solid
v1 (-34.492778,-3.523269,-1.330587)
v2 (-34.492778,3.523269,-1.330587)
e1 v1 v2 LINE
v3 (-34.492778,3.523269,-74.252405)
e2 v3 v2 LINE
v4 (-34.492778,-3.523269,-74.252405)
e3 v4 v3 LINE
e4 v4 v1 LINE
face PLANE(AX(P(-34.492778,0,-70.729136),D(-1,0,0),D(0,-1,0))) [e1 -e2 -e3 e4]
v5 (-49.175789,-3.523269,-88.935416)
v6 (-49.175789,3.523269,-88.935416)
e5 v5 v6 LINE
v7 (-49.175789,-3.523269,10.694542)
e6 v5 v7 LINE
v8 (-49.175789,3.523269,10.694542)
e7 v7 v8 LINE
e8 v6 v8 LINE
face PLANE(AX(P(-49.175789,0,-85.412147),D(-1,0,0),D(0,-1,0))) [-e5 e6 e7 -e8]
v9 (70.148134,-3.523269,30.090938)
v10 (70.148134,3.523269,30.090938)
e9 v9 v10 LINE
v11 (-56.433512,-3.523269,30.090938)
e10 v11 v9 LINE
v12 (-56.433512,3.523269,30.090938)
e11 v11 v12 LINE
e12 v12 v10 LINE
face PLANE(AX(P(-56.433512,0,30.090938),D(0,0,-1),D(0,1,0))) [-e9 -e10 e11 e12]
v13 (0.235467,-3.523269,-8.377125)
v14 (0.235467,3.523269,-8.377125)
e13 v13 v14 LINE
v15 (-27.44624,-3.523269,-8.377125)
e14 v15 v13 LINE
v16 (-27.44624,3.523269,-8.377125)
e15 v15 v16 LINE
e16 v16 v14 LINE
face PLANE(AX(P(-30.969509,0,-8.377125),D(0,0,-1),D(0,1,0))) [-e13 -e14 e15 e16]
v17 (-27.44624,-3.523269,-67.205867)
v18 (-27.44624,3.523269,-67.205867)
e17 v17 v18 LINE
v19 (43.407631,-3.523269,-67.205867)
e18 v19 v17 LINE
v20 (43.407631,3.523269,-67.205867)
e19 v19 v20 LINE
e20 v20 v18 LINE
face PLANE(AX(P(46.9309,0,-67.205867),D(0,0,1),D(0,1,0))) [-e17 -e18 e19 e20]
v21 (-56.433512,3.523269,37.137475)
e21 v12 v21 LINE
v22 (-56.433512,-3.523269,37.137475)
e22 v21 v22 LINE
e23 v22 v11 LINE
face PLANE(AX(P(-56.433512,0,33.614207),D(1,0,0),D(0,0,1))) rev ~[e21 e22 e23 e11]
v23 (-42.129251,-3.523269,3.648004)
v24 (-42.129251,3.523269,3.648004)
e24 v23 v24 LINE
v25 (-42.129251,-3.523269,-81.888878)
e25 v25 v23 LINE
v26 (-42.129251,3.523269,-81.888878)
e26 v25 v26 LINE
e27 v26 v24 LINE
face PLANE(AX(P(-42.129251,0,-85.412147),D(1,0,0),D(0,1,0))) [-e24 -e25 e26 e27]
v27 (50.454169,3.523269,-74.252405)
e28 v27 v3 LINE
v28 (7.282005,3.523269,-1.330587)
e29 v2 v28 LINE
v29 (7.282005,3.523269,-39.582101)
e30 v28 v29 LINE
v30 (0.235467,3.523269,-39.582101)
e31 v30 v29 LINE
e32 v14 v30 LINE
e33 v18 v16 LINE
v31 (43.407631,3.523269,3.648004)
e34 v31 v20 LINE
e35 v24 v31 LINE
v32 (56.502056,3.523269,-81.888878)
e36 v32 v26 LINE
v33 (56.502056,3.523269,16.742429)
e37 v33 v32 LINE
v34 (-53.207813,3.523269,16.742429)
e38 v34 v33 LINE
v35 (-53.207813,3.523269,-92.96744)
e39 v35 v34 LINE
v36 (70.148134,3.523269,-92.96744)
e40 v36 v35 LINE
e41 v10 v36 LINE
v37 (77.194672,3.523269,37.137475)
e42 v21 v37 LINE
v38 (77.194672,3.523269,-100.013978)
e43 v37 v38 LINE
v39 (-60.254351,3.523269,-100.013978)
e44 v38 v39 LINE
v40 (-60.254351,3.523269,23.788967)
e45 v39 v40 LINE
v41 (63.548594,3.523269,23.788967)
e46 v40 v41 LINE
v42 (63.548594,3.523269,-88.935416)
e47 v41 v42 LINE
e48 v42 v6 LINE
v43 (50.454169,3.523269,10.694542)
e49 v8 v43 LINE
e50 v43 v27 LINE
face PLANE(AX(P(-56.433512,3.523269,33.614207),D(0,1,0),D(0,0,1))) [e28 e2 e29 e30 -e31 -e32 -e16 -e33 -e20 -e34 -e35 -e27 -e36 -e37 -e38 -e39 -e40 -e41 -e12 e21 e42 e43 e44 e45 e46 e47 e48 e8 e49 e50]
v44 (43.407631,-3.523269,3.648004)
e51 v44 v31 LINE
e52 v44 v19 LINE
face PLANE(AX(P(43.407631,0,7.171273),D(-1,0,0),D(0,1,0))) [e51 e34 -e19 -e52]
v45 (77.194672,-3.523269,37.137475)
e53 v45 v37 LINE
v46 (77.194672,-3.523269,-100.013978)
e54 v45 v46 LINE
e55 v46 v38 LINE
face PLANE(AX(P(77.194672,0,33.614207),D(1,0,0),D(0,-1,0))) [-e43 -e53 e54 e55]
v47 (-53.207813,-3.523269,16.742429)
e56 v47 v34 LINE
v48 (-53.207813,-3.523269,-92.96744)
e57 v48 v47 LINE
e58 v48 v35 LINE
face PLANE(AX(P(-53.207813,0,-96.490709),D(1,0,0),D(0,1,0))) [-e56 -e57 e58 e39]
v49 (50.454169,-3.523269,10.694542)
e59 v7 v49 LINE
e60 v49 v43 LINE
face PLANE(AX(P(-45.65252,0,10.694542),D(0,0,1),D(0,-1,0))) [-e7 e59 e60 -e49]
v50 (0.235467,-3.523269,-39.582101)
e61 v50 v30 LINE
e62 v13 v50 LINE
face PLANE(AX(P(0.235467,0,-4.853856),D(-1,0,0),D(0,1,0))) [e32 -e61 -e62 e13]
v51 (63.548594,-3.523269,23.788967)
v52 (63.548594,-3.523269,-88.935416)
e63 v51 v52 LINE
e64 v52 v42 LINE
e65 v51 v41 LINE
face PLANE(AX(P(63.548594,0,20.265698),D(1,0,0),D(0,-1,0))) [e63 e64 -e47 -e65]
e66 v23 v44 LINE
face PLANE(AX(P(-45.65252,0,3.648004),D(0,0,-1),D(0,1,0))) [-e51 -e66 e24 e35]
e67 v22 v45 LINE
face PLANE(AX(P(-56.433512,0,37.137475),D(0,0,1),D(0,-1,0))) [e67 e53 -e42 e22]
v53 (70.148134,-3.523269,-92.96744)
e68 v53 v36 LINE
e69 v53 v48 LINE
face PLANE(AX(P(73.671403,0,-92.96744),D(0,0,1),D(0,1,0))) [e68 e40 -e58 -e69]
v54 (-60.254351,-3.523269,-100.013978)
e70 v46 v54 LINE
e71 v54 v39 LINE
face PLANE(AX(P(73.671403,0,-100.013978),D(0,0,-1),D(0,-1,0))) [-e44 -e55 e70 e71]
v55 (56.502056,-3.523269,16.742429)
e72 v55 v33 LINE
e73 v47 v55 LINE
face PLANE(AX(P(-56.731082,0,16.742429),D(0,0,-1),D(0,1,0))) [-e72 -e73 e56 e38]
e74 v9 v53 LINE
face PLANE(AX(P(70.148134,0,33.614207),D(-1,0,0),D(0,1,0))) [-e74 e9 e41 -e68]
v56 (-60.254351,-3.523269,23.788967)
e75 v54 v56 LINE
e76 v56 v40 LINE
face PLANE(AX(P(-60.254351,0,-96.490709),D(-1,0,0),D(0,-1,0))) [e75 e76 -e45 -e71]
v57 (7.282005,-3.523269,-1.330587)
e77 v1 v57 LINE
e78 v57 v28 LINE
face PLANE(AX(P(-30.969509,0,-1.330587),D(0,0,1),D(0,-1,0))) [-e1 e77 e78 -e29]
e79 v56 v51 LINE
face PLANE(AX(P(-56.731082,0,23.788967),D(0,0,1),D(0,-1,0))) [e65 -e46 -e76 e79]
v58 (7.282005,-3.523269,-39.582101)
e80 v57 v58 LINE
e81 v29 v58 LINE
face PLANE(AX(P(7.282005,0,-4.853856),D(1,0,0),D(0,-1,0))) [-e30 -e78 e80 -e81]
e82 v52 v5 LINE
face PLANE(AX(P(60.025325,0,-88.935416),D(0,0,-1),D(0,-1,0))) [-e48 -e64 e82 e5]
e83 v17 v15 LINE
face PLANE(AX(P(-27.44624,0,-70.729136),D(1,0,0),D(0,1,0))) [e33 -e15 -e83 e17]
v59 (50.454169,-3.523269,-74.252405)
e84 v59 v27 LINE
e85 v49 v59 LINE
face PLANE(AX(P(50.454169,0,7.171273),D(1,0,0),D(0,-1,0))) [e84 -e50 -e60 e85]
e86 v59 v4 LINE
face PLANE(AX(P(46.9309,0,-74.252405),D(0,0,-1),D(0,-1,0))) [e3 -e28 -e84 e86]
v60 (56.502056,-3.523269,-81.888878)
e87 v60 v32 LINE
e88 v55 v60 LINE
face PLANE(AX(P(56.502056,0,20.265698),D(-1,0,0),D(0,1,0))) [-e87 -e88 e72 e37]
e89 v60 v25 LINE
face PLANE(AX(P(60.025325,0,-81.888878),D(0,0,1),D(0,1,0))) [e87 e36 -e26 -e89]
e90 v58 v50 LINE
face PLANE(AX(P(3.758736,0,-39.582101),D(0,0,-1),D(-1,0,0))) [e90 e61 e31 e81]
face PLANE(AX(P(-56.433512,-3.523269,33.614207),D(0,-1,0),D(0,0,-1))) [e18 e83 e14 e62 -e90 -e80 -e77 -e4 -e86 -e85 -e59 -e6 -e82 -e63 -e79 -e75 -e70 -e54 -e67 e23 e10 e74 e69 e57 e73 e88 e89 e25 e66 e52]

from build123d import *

# Parameters (mm, degrees)
SKETCH3_W = 7.046537748
SKETCH3_H = 7.046537748


with BuildPart() as part:
    # Sweep1: sweep along a path in Sketch2
    with BuildLine(Plane(origin=(0, 0, 0), x_dir=(1, 0, 0), z_dir=(0, 1, 0))) as sweep1_path:
        Line((-56.433512337, -33.614206506), (73.671403243, -33.614206506))
        Line((73.671403243, -33.614206506), (73.671403243, 96.490709074))
        Line((73.671403243, 96.490709074), (-56.731082257, 96.490709074))
        Line((-56.731082257, 96.490709074), (-56.731082257, -20.265698264))
        Line((-56.731082257, -20.265698264), (60.025325081, -20.265698264))
        Line((60.025325081, -20.265698264), (60.025325081, 85.412146694))
        Line((60.025325081, 85.412146694), (-45.652519877, 85.412146694))
        Line((-45.652519877, 85.412146694), (-45.652519877, -7.17127309))
        Line((-45.652519877, -7.17127309), (46.930899908, -7.17127309))
        Line((46.930899908, -7.17127309), (46.930899908, 70.729135959))
        Line((46.930899908, 70.729135959), (-30.969509142, 70.729135959))
        Line((-30.969509142, 70.729135959), (-30.969509142, 4.853856027))
        Line((-30.969509142, 4.853856027), (3.758736239, 4.853856027))
        Line((3.758736239, 4.853856027), (3.758736239, 39.582101408))
    # Sketch3 → Sweep1 (sweep)
    with BuildSketch(Plane(origin=(-56.433512337, 0, 0), x_dir=(0, 0, -1), z_dir=(1, 0, 0))):
        with Locations((-33.614206506, 0)):
            Rectangle(SKETCH3_W, SKETCH3_H)
    sweep(path=sweep1_path.line, transition=Transition.RIGHT)


solid = part.part
